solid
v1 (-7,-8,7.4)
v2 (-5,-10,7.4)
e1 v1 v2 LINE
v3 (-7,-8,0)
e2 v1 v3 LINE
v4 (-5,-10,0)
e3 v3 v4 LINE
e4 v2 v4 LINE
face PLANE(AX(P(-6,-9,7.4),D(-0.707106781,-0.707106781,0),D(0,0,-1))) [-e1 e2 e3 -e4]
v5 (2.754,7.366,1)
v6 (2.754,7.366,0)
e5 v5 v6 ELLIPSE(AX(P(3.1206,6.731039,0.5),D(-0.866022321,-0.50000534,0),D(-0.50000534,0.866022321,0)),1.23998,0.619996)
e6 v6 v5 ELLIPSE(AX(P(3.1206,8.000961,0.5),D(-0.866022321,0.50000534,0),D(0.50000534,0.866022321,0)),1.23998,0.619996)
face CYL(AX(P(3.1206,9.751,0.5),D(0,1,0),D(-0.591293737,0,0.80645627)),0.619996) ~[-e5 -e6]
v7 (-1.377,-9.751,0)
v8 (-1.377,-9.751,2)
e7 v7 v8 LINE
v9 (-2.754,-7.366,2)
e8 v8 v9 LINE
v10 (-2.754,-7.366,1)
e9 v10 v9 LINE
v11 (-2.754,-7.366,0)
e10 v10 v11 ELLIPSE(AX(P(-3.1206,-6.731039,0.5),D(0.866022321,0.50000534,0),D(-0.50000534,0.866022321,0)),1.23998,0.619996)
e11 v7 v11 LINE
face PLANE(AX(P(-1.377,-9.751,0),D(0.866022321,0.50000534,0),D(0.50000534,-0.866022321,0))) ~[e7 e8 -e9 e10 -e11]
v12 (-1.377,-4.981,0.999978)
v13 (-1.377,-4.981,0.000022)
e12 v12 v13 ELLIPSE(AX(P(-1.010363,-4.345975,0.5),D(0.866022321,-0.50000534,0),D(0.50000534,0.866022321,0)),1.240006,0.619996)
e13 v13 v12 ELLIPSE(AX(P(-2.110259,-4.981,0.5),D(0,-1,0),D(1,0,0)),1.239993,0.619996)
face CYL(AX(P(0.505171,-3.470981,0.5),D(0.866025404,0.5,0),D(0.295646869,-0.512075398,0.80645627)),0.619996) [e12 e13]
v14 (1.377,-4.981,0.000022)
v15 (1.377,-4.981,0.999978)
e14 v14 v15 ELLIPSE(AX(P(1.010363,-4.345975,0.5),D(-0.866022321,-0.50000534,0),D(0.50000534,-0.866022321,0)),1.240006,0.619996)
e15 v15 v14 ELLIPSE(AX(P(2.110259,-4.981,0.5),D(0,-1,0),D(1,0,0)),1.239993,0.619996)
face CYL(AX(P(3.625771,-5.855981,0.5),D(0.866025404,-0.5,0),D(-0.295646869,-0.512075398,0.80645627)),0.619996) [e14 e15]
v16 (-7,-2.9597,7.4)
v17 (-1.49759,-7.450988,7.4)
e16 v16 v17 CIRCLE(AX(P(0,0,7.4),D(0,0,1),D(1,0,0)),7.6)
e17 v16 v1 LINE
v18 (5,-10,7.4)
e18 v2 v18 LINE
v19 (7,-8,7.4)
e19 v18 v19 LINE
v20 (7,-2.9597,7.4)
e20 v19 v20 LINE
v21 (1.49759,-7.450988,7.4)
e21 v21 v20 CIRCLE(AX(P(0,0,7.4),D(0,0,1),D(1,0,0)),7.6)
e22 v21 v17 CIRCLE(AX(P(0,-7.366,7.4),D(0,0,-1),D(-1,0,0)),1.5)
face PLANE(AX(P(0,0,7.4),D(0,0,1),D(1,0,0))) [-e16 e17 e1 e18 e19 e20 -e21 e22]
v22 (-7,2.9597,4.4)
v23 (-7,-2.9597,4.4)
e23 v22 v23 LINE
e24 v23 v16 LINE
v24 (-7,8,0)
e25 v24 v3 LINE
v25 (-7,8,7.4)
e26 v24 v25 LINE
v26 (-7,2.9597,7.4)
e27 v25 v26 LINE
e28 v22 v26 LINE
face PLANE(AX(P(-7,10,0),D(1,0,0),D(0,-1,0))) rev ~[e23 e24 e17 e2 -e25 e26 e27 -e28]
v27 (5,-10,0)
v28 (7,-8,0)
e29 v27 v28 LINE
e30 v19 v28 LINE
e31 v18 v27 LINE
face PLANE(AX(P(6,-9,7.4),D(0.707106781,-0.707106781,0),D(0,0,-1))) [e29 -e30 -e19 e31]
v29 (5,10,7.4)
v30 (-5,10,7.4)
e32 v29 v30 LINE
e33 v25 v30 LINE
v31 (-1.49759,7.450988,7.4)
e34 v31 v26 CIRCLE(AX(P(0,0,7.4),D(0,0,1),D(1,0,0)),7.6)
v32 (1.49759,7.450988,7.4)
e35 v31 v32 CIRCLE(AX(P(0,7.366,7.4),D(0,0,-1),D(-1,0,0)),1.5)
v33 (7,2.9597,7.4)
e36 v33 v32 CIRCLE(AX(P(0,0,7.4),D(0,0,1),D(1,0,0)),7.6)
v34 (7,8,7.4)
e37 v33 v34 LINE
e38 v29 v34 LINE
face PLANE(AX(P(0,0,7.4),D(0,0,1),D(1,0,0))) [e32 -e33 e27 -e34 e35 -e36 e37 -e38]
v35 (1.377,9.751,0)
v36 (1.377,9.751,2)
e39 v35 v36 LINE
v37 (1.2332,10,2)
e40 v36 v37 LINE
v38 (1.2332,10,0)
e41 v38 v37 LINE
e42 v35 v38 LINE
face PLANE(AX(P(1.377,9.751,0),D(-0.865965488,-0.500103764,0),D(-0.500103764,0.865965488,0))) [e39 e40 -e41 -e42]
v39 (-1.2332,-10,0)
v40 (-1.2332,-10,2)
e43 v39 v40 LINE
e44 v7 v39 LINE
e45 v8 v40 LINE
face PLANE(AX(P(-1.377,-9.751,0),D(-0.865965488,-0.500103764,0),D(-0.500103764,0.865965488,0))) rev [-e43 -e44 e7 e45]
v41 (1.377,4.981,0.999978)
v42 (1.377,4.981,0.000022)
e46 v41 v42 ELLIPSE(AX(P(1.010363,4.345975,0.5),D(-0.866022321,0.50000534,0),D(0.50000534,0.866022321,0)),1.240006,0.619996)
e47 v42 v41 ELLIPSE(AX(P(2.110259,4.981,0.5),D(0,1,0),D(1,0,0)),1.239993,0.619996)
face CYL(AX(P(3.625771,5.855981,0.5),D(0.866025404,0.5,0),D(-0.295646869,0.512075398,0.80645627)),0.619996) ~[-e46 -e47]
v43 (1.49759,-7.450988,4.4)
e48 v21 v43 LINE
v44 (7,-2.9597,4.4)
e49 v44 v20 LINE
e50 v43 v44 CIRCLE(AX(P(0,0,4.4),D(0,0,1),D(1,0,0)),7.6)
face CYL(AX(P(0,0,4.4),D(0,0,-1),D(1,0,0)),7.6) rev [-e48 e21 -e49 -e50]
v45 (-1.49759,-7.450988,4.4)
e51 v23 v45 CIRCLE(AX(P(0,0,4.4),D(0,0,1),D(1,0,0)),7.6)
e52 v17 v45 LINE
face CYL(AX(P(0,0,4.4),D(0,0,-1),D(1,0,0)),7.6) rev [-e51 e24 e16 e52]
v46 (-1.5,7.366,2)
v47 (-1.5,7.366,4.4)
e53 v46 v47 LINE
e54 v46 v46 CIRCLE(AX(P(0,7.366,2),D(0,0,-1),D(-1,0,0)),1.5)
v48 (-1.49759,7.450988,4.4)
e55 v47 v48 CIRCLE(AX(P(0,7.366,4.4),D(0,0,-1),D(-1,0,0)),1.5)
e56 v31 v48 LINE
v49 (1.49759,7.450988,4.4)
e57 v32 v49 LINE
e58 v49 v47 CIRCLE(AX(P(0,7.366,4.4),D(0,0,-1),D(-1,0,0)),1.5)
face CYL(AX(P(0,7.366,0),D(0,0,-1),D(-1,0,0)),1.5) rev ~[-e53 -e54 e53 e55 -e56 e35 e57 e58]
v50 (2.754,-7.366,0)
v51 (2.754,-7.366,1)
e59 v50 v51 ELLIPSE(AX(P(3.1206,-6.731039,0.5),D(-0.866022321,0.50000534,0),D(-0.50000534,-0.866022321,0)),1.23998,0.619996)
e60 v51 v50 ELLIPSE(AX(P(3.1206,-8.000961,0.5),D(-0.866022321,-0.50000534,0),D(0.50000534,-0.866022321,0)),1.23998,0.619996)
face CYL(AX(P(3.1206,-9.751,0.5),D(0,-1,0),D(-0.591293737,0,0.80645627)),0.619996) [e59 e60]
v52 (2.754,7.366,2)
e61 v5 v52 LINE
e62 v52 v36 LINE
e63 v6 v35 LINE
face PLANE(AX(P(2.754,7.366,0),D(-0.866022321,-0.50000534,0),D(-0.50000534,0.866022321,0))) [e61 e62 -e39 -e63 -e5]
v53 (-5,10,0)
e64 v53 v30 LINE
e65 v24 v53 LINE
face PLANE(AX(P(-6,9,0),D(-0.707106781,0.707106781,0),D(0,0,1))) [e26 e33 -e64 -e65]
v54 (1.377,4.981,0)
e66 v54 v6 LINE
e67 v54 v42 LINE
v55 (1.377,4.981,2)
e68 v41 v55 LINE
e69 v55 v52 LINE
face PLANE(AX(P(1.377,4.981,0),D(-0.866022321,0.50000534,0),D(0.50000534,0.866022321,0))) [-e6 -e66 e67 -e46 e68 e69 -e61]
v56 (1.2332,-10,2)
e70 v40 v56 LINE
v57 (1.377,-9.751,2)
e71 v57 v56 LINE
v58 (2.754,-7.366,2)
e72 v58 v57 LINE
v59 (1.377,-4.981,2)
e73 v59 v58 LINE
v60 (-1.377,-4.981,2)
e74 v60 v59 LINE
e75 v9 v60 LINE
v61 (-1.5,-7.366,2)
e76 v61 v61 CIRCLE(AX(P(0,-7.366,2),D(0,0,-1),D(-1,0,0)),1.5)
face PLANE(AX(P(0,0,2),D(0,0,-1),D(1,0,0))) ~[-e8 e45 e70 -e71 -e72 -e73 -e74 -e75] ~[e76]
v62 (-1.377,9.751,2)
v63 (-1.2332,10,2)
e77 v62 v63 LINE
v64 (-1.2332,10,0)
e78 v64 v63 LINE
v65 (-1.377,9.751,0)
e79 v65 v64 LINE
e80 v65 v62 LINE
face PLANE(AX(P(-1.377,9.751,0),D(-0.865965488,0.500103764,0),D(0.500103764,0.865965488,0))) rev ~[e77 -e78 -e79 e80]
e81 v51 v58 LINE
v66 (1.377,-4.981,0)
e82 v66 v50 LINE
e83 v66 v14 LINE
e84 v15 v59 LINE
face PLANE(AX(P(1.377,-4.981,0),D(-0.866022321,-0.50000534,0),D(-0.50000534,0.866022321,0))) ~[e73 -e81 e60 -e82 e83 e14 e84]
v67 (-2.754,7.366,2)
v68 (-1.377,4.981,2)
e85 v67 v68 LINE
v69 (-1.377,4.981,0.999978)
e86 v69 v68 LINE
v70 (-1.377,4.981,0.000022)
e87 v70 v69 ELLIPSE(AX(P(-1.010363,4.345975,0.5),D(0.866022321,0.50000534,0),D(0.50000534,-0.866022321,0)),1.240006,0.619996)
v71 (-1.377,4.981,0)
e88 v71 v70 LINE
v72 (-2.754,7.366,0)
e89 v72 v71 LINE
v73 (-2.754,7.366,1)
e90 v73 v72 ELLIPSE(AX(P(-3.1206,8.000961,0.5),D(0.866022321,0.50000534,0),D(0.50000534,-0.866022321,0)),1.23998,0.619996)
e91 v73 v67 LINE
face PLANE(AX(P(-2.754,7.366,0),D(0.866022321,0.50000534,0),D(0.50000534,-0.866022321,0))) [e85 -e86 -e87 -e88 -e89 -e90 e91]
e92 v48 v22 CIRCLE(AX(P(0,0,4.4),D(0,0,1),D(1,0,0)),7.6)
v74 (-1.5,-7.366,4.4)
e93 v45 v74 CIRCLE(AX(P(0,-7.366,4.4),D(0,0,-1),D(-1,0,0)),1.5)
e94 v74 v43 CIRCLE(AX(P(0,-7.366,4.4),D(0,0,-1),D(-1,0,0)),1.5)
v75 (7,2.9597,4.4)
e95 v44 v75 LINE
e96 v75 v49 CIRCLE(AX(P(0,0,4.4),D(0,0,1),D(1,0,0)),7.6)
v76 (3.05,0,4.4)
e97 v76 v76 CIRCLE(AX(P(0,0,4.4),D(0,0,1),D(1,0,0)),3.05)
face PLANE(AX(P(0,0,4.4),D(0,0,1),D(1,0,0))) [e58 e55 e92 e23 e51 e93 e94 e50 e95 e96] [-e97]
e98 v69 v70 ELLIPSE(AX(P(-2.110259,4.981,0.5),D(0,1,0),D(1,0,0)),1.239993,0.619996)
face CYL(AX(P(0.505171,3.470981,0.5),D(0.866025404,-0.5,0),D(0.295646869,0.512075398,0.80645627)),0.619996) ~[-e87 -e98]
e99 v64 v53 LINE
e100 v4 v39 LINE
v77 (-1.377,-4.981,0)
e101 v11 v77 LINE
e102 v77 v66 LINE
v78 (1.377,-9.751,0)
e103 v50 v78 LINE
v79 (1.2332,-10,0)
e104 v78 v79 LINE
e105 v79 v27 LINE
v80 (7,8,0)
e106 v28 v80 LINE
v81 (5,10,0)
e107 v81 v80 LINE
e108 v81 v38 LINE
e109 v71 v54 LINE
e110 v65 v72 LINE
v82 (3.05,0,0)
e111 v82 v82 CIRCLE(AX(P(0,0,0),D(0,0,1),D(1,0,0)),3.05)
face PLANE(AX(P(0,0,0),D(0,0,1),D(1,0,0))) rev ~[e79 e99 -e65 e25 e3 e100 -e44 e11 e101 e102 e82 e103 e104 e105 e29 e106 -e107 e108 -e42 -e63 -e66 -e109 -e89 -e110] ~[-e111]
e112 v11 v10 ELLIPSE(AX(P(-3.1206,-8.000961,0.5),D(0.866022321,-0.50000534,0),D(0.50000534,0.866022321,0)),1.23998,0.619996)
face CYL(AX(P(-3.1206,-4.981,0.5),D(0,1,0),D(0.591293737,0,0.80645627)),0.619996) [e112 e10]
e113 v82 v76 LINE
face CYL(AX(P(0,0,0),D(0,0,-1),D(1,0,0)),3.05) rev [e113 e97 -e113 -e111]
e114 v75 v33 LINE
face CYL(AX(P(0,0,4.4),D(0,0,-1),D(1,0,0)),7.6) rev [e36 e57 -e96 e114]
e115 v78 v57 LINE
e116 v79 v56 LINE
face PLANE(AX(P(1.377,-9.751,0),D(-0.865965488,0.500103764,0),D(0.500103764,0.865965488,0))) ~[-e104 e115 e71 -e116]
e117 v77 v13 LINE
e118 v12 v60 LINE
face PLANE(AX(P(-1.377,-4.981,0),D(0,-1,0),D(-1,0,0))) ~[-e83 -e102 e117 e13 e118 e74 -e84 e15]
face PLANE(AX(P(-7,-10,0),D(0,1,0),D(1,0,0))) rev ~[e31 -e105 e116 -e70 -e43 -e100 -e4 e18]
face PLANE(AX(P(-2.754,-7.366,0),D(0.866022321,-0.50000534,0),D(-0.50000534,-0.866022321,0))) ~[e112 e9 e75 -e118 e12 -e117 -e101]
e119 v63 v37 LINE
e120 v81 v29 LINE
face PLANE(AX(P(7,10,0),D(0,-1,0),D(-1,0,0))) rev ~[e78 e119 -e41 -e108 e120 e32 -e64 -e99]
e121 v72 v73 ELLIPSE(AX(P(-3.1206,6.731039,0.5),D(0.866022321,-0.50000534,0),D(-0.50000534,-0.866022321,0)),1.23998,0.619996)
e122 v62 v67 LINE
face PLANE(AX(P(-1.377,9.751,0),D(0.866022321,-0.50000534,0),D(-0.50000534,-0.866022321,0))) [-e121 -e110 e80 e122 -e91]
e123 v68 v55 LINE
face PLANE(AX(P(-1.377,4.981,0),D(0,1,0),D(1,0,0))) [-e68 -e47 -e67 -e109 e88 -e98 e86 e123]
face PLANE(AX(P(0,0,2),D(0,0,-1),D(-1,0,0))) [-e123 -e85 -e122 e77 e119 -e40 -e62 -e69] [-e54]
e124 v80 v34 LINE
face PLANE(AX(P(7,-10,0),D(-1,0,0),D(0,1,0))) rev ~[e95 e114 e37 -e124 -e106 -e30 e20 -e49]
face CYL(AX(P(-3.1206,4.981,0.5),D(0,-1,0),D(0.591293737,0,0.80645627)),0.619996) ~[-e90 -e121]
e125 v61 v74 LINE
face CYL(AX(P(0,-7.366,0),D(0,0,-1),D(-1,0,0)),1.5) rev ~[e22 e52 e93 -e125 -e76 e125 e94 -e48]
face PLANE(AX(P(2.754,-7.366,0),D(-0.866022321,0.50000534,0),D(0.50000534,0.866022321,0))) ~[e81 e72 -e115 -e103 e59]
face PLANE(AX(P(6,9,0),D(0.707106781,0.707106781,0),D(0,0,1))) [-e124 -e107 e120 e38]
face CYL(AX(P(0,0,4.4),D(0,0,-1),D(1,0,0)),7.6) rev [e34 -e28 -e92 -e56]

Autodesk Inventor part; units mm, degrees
ref_plane "YZ Plane" through (0, 0, 0) normal (1, 0, 0) x (0, 1, 0)
ref_plane "XZ Plane" through (0, 0, 0) normal (0, 1, 0) x (-1, 0, 0)
ref_plane "XY Plane" through (0, 0, 0) normal (0, 0, 1) x (1, 0, 0)
sketch "Sketch1" plane through (0, 0, 0) normal (0, 0, 1) x (1, 0, 0)
  line L0 (7, 10) -> (-7, 10)
  line L1 (-7, 10) -> (-7, -10)
  line L2 (-7, -10) -> (7, -10)
  line L3 (7, -10) -> (7, 10)
  circle A0 centre (0, 0) radius 3.05
  point P0 (0, -10)
  point P1 (7, 0)
  dimension "d0" = 20
  dimension "d1" = 14
  dimension "d2" = 6.1
extrude "Extrusion1" add sketch "Sketch1" along normal blind 4.4
sketch "Sketch2" plane through (0, 0, 4.4) normal (0, 0, 1) x (1, 0, 0)
  circle A0 centre (0, 0) radius 3 construction
  circle A1 centre (0, 0) radius 7.5 construction
  circle A2 centre (0, 0) radius 3.05 construction
  line L0 (7, 10) -> (-7, 10) projected
  line L1 (-7, 10) -> (-7, -10) projected
  line L2 (-7, -10) -> (7, -10) projected
  line L3 (7, -10) -> (7, 10) projected
  circle A3 centre (0, 0) radius 7.6
  line L4 (7, -10) -> (7, 10) projected
  line L5 (7, 2.9597) -> (7, 10)
  line L6 (7, 10) -> (-7, 10) projected
  line L7 (7, 10) -> (-7, 10)
  line L8 (-7, 10) -> (-7, 2.9597)
  line L9 (-7, 10) -> (-7, -10) projected
  line L10 (-7, -2.9597) -> (-7, -10)
  line L11 (-7, -10) -> (7, -10)
  line L12 (7, -2.9597) -> (7, -10)
  dimension "d5" = 15.2
extrude "Extrusion2" add sketch "Sketch2" along normal blind 3 contours L3 A3 L1 L0 | L3 L2 L1 A3
sketch "Sketch4" plane through (0, 0, 0) normal (0, 0, -1) x (-1, 0, 0)
  circle A0 centre (0, 7.366) radius 1.15 projected
  circle A1 centre (0, -7.366) radius 1.15 projected
  circle A2 centre (0, 7.366) radius 1.5
  circle A3 centre (0, -7.366) radius 1.5
  point P0 (0, 0)
  dimension "d11" = 3
extrude "Extrusion4" cut sketch "Sketch4" against normal through all contours A0 | A1 | A2 | A3
sketch "Sketch3" plane through (0, 0, 0) normal (0, 0, -1) x (-1, 0, 0)
  circle A0 centre (0, 7.366) radius 1.15 construction
  circle A1 centre (0, -7.366) radius 1.15 construction
  line L0 (2.754, 7.366) -> (1.377, 4.981)
  line L1 (1.377, 4.981) -> (-1.377, 4.981)
  line L2 (-1.377, 4.981) -> (-2.754, 7.366)
  line L3 (-2.754, 7.366) -> (-1.377, 9.751)
  line L4 (-1.377, 9.751) -> (1.377, 9.751)
  line L5 (1.377, 9.751) -> (2.754, 7.366)
  line L6 (1.377, 9.751) -> (1.2332, 10)
  line L7 (-1.377, 9.751) -> (-1.2332, 10)
  line L8 (1.2332, 10) -> (-1.2332, 10)
  line L9 (-7, 10) -> (7, 10) projected
  point P0 (0, 0)
  dimension "d8" = 4.77
extrude "Extrusion3" cut sketch "Sketch3" against normal blind 2
sketch "Sketch5" plane through (-1.377, 4.981, 0) normal (0, 1, 0) x (1, 0, 0)
  line L0 (-1.377, 0) -> (-1.377, -2) construction
  line L1 (-1.377, 0) -> (-1.377, -1)
  arc A0 (-1.377, -1) -> (-1.377, 0) centre (-1.7436, -0.5) ccw
  point P0 (1.377, 0)
  point P1 (-1.377, -0.5)
  dimension "d15" = 0.62
  dimension "d16" = 0.3666
extrude "Extrusion5" add sketch "Sketch5" along normal blind 3
pattern_circular "Circular Pattern1" count 4 over 180 about axis through (0, 7.366, 0) along (0, 0, 1) of "Extrusion5"
mirror "Mirror1" about plane through (0, 0, 0) normal (0, 1, 0) of "Extrusion3", "Extrusion5", "Circular Pattern1"
chamfer "Chamfer1" distance 2 angle 45 4 edges at (-7, -10, 3.7) (-7, 10, 3.7) (7, 10, 3.7) (7, -10, 3.7)
properties part number "Arm1_BallCasterMount"
